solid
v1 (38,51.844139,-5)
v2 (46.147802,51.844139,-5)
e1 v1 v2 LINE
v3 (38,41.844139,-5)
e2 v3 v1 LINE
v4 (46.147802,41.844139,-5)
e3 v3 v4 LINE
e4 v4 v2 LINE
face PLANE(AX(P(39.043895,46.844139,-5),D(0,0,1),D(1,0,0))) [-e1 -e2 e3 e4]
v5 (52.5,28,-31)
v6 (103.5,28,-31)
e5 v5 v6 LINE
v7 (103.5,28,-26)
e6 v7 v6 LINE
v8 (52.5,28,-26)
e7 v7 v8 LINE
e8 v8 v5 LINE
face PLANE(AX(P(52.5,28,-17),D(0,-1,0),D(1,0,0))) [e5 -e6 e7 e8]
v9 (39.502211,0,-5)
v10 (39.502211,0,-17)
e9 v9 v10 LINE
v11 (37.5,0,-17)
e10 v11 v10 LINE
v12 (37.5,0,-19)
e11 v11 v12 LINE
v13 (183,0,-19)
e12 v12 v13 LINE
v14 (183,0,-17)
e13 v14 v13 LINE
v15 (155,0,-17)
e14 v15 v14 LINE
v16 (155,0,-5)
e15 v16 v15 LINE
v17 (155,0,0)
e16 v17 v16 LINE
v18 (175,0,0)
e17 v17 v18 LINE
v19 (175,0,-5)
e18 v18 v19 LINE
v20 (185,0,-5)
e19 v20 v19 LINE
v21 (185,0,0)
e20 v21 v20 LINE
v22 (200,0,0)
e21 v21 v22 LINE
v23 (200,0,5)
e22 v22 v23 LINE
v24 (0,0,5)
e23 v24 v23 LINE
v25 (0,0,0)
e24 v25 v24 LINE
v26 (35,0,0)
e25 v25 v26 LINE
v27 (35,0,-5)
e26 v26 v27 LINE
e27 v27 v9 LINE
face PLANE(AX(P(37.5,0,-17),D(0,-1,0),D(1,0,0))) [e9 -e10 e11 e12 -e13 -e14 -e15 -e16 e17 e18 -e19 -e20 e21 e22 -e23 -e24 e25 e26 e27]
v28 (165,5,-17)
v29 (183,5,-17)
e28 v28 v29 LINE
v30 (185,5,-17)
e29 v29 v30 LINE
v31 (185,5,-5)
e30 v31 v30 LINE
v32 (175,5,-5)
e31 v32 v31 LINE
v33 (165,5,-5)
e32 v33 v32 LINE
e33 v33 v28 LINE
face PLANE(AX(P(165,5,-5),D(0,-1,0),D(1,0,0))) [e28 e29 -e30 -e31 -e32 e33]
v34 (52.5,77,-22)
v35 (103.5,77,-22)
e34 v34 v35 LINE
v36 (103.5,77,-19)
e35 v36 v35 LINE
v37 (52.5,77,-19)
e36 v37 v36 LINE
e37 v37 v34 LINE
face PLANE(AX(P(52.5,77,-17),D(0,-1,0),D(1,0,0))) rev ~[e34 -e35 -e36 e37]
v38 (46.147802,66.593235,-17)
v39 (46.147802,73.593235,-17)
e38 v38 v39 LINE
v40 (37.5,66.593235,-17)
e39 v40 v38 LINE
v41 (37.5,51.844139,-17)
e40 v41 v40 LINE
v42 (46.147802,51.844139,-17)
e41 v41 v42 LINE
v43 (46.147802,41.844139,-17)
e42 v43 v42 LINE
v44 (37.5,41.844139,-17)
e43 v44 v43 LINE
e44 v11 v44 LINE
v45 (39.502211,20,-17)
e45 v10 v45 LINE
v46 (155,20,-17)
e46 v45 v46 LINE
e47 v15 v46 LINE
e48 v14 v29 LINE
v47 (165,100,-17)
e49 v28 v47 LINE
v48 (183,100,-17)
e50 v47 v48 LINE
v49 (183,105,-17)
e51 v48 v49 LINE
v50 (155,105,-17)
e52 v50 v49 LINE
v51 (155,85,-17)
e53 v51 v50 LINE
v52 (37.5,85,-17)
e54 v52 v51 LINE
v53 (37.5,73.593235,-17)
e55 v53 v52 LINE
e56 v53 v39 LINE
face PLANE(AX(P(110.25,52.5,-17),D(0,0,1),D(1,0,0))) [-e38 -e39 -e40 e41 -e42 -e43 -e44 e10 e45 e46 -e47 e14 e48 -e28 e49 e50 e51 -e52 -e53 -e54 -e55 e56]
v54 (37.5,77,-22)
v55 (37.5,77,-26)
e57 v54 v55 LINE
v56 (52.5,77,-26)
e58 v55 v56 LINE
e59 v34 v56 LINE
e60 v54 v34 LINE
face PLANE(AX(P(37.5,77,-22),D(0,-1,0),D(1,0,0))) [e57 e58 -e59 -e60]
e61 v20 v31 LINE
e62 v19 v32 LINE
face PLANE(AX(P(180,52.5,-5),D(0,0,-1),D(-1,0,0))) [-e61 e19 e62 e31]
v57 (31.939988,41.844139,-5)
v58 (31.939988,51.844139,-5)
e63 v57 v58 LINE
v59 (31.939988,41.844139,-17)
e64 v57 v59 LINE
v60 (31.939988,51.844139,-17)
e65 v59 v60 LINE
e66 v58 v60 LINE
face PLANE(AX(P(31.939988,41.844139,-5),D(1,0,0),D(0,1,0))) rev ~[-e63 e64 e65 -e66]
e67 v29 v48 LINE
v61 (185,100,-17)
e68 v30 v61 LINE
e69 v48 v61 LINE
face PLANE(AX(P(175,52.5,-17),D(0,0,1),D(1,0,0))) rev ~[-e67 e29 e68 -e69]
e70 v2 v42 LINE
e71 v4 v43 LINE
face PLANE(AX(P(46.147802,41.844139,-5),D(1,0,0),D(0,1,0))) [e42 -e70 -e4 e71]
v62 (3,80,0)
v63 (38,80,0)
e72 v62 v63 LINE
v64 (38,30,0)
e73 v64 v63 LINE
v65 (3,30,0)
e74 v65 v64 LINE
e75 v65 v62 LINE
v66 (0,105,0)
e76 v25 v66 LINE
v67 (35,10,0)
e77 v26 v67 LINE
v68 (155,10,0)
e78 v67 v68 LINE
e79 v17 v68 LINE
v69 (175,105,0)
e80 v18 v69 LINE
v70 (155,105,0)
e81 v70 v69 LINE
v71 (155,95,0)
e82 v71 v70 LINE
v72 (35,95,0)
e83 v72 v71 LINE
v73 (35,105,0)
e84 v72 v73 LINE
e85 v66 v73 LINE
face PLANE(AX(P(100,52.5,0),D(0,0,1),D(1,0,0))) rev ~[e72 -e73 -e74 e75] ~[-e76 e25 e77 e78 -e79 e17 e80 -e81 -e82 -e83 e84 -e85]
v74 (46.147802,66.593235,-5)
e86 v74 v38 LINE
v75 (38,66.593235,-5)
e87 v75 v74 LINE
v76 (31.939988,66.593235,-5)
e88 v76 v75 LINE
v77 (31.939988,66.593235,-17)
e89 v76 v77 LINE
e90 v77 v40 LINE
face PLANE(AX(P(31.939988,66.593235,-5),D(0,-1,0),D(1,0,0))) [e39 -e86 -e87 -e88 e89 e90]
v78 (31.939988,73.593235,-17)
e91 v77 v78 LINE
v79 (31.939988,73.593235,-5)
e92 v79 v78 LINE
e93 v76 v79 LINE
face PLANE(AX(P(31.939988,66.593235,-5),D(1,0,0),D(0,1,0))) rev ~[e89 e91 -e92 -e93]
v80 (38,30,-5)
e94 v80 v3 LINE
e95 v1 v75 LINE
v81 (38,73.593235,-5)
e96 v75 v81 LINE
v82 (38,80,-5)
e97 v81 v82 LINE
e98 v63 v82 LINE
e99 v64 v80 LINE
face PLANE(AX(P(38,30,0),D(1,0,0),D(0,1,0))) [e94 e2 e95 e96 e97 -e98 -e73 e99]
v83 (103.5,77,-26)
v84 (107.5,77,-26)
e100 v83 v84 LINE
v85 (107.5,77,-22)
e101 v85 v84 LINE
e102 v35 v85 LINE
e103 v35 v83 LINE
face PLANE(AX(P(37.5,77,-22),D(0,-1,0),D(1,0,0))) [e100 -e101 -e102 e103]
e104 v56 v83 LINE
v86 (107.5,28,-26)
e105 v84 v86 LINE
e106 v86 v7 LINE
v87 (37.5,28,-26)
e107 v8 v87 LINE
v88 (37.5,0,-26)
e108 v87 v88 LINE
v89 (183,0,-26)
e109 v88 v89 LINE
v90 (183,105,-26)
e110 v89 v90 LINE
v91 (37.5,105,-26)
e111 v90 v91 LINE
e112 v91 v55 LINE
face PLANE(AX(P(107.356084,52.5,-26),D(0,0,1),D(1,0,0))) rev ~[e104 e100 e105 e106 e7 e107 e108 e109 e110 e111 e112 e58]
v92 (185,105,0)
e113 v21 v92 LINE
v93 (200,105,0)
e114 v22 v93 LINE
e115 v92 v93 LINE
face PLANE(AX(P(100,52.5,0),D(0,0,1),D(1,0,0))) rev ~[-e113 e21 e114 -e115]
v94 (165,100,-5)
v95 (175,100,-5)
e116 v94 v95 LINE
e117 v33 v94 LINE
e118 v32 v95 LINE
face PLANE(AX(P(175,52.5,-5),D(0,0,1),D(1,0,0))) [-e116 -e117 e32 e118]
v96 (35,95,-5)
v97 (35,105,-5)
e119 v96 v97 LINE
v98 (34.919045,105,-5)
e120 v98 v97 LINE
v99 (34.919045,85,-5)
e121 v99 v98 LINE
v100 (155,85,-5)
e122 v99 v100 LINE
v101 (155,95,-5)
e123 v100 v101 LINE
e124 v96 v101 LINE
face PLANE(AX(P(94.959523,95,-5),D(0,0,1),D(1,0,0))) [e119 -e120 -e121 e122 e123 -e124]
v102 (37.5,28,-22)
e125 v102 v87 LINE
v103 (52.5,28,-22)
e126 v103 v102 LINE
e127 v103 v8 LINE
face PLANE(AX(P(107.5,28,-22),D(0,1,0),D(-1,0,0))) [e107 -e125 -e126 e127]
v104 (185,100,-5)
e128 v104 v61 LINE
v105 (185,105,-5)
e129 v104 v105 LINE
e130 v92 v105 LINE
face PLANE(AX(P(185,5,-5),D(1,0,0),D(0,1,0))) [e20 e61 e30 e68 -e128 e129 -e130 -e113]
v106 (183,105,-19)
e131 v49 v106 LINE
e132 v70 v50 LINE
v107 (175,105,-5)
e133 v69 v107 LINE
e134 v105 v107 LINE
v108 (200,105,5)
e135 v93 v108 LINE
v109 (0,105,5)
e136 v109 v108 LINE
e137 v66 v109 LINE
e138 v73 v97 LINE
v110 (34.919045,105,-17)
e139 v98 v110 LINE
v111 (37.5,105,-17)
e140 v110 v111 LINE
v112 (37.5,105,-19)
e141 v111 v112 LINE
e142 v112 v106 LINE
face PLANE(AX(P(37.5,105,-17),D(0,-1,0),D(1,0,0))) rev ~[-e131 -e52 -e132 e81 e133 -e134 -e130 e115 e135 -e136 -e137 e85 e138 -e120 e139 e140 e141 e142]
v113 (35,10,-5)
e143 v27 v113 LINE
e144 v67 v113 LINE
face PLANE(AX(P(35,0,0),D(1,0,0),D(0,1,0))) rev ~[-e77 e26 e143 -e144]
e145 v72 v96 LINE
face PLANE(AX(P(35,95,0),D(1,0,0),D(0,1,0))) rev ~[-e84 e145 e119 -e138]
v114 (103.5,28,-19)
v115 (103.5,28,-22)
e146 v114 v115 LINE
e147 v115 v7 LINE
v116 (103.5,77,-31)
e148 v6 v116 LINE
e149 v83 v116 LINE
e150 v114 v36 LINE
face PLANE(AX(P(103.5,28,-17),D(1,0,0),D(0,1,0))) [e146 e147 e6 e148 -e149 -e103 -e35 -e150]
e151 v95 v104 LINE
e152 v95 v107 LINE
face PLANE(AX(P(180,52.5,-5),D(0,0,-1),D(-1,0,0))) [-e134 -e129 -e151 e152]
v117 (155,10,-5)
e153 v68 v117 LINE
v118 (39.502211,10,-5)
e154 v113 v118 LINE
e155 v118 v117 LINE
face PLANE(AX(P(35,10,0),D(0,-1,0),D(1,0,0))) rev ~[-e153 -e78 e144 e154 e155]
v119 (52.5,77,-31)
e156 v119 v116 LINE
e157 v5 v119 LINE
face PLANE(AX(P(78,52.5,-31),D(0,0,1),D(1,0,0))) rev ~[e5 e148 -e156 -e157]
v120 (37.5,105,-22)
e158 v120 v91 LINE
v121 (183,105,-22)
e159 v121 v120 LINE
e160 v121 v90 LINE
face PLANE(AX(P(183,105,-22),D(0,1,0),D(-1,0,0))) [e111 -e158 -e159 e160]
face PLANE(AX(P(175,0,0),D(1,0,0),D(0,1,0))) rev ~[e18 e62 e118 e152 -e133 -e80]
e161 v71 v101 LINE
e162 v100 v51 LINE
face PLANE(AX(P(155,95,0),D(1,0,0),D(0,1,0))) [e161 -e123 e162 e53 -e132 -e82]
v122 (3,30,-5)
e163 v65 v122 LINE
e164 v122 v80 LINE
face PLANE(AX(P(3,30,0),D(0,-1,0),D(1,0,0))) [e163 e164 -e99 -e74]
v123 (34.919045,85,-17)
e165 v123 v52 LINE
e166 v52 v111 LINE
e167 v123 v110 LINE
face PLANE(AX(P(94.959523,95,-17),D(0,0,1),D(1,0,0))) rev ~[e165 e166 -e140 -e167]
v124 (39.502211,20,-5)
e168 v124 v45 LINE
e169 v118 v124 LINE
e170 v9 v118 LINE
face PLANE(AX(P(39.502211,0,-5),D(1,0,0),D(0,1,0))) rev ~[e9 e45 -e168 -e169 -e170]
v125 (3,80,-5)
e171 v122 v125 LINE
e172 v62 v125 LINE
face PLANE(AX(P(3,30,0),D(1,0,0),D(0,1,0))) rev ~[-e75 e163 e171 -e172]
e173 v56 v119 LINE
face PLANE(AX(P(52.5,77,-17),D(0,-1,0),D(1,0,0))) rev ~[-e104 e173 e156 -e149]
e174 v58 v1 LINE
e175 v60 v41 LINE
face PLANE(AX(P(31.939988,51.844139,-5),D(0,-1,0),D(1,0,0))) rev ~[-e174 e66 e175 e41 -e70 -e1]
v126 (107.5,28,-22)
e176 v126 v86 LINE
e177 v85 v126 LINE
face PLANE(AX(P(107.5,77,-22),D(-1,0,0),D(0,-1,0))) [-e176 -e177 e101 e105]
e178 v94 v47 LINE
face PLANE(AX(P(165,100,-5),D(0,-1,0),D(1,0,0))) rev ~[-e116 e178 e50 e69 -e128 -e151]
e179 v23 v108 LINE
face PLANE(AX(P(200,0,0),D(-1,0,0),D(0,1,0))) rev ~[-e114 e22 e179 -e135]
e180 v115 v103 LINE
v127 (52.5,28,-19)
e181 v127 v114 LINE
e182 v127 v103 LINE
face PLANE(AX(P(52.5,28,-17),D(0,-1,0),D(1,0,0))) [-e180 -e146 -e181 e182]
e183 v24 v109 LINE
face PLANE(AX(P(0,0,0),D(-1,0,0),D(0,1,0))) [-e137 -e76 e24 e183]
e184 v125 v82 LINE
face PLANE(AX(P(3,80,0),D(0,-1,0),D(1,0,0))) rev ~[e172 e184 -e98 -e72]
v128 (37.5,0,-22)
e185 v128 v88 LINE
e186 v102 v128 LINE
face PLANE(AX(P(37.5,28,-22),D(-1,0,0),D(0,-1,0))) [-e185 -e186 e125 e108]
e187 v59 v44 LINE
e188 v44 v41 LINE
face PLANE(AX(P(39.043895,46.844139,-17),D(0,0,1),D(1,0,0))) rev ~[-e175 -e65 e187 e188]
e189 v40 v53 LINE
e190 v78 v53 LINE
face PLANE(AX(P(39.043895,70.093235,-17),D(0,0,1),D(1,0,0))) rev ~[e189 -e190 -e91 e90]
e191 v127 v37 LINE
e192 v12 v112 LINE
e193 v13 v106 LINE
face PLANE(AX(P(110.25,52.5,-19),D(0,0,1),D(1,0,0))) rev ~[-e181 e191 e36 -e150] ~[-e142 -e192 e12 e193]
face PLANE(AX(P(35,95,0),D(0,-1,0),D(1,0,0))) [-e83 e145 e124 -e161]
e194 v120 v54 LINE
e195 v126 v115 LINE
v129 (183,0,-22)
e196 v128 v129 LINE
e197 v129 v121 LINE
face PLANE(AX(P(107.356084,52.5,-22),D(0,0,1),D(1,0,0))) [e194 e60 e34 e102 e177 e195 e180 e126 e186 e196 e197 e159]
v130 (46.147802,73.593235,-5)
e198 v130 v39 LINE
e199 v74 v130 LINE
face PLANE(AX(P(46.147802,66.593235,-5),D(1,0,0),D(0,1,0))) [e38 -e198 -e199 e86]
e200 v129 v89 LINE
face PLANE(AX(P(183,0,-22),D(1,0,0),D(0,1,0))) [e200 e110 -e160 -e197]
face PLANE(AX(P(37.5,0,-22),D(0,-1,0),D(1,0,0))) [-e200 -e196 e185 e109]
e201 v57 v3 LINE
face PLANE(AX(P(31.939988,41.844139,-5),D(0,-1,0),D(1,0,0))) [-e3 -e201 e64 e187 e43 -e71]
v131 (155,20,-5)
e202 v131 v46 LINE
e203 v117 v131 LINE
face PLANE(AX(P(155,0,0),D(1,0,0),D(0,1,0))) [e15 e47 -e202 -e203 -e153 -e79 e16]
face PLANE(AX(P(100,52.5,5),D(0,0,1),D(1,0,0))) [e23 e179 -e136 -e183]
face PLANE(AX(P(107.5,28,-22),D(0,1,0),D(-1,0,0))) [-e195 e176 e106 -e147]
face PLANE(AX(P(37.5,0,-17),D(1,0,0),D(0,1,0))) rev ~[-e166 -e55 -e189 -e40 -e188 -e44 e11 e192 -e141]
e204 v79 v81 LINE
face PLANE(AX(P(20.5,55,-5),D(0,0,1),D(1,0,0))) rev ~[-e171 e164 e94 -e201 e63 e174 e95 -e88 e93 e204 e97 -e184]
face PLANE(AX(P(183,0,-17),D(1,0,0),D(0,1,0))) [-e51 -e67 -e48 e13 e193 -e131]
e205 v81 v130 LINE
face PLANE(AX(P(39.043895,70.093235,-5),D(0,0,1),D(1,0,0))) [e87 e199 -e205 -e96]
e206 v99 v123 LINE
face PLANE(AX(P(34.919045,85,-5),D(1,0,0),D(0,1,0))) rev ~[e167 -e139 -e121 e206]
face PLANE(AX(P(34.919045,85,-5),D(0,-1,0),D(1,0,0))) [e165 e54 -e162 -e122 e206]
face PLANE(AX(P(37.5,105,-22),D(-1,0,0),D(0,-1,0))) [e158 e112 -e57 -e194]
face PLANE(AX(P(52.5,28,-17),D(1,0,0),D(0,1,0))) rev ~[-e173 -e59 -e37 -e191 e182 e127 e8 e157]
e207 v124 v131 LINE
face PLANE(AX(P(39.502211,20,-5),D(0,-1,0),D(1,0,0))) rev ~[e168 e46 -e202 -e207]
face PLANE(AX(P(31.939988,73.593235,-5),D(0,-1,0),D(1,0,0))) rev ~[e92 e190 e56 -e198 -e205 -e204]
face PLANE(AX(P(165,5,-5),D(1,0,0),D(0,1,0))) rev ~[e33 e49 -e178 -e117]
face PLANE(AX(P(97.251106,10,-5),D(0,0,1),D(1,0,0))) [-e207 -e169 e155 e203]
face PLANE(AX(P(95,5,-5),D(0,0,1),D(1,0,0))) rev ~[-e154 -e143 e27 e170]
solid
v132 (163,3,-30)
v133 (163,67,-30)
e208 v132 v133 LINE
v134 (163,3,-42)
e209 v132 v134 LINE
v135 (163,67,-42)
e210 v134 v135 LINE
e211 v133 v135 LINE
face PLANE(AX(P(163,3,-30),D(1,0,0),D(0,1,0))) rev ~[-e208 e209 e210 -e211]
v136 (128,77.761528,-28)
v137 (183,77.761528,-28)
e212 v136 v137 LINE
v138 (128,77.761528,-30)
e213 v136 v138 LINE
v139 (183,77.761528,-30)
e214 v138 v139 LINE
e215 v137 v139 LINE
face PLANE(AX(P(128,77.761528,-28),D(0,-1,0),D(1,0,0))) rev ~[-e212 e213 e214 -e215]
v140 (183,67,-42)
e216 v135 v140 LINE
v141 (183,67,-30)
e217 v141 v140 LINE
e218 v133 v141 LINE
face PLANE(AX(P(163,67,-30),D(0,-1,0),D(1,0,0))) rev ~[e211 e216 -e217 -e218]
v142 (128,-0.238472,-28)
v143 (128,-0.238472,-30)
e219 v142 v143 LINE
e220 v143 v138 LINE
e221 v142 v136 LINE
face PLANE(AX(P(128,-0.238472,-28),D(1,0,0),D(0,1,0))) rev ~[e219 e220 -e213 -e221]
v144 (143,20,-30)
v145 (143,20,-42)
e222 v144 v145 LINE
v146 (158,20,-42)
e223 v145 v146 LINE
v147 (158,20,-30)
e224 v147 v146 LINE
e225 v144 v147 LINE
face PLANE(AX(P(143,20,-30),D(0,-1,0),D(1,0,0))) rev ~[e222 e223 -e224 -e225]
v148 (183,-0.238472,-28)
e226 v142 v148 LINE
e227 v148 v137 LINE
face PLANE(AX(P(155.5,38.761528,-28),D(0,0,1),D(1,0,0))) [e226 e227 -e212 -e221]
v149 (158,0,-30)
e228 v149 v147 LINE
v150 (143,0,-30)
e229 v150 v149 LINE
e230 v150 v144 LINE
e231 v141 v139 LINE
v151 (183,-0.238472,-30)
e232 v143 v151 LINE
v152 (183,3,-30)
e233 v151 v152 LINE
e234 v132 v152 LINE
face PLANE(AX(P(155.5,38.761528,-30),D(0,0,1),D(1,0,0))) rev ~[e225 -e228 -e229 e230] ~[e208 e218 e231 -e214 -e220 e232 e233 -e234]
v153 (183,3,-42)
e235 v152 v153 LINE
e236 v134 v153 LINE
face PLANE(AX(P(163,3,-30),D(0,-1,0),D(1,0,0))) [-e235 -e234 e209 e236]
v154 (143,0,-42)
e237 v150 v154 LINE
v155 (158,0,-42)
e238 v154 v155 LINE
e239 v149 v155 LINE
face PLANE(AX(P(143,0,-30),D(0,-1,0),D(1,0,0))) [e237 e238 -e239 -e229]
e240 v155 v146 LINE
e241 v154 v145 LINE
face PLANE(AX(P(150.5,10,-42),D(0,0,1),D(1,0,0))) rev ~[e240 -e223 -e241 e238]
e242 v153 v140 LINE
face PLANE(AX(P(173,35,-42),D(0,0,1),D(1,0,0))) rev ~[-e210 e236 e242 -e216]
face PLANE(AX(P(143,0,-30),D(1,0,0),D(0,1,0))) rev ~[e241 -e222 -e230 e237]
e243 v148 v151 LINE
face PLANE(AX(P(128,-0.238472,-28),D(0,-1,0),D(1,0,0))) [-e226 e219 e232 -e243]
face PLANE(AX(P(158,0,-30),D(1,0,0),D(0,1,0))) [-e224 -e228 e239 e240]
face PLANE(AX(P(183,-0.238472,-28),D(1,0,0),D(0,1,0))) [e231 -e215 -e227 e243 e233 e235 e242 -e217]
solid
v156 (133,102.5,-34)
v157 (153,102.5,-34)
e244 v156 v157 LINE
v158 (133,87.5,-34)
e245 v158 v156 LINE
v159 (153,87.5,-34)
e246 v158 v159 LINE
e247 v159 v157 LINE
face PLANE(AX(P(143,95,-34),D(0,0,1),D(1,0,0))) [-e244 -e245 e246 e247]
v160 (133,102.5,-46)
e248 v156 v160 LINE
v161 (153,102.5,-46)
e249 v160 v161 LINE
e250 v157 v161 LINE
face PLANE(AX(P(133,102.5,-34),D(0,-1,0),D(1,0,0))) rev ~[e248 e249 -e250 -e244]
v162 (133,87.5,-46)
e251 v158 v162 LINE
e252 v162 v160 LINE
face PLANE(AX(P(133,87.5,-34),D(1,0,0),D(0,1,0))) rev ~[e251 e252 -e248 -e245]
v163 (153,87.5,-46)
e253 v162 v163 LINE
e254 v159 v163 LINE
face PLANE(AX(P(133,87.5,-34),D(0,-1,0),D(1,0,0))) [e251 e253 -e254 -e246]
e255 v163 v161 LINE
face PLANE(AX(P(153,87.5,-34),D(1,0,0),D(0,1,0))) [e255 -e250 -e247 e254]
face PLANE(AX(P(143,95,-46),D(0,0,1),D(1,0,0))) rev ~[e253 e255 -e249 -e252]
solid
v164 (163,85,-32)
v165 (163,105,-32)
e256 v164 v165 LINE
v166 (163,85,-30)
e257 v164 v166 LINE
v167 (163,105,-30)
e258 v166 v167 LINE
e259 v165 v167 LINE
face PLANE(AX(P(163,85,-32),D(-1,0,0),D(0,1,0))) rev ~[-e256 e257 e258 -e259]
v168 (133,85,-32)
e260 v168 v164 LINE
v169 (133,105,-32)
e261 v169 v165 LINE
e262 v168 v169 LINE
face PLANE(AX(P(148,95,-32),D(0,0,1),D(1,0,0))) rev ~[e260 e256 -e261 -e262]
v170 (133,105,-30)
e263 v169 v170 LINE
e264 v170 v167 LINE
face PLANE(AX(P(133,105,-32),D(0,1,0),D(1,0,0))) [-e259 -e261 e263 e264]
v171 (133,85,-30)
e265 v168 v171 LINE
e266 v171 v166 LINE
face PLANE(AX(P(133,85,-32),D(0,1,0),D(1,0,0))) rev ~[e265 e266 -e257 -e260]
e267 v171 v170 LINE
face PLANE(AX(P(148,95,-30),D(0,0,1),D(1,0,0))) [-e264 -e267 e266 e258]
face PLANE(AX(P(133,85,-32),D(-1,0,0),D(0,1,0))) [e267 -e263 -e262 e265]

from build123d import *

# Parameters (mm, degrees)
SKETCH2_W            = 200
SKETCH2_H            = 105
BOSS_EXTRUDE1_DEPTH  = 5
SKETCH3_W            = 10
SKETCH3_H            = 105
BOSS_EXTRUDE2_DEPTH  = 5
SKETCH4_W            = 120
SKETCH4_H            = 10
BOSS_EXTRUDE3_DEPTH  = 5
SKETCH5_W            = 35
SKETCH5_H            = 50
BOSS_EXTRUDE4_DEPTH  = 5
SKETCH7_W            = 20
SKETCH7_H            = 95
SKETCH7_W_2          = 115.497788715
SKETCH7_H_2          = 20
SKETCH7_W_3          = 120.080954526
SKETCH7_W_4          = 14.207814016
SKETCH7_H_3          = 7
SKETCH7_H_4          = 10
BOSS_EXTRUDE5_DEPTH  = 12
SKETCH8_W            = 145.5
SKETCH8_H            = 105
BOSS_EXTRUDE6_DEPTH  = 2
BOSS_EXTRUDE7_DEPTH  = 4
SKETCH10_W           = 51
SKETCH10_H           = 49
BOSS_EXTRUDE8_DEPTH  = 14
SKETCH11_W           = 55
SKETCH11_H           = 78
BOSS_EXTRUDE9_DEPTH  = 2
SKETCH12_W           = 20
SKETCH12_H           = 64
SKETCH12_W_2         = 15
SKETCH12_H_2         = 20
BOSS_EXTRUDE10_DEPTH = 12
SKETCH13_W           = 30
SKETCH13_H           = 20
BOSS_EXTRUDE11_DEPTH = 2
SKETCH14_W           = 20
SKETCH14_H           = 15
BOSS_EXTRUDE12_DEPTH = 12


with BuildPart() as part:
    # Sketch2 → Boss-Extrude1 (new body)
    with BuildSketch(Plane.XY):
        with Locations((100, 52.5)):
            Rectangle(SKETCH2_W, SKETCH2_H)
    extrude(amount=BOSS_EXTRUDE1_DEPTH)

    # Sketch3 → Boss-Extrude2 (add)
    with BuildSketch(Plane(origin=(0, 0, 0), x_dir=(-1, 0, 0), z_dir=(0, 0, -1))):
        with Locations((-180, 52.5)):
            Rectangle(SKETCH3_W, SKETCH3_H)
    extrude(amount=BOSS_EXTRUDE2_DEPTH)

    # Sketch4 → Boss-Extrude3 (add)
    with BuildSketch(Plane.XY):
        with Locations((95, 5)):
            Rectangle(SKETCH4_W, SKETCH4_H)
        with Locations((95, 100)):
            Rectangle(SKETCH4_W, SKETCH4_H)
    extrude(amount=-BOSS_EXTRUDE3_DEPTH)

    # Sketch5 → Boss-Extrude4 (add)
    with BuildSketch(Plane.XY):
        with Locations((20.5, 55)):
            Rectangle(SKETCH5_W, SKETCH5_H)
    extrude(amount=-BOSS_EXTRUDE4_DEPTH)

    # Sketch7 → Boss-Extrude5 (add)
    with BuildSketch(Plane.XY.offset(-5)):
        with Locations((175, 52.5)):
            Rectangle(SKETCH7_W, SKETCH7_H)
        with Locations((97.251105642, 10)):
            Rectangle(SKETCH7_W_2, SKETCH7_H_2)
        with Locations((94.959522737, 95)):
            Rectangle(SKETCH7_W_3, SKETCH7_H_2)
        with Locations((39.043894704, 70.093234871)):
            Rectangle(SKETCH7_W_4, SKETCH7_H_3)
        with Locations((39.043894704, 46.844139488)):
            Rectangle(SKETCH7_W_4, SKETCH7_H_4)
    extrude(amount=-BOSS_EXTRUDE5_DEPTH)

    # Sketch8 → Boss-Extrude6 (add)
    with BuildSketch(Plane.XY.offset(-17)):
        with Locations((110.25, 52.5)):
            Rectangle(SKETCH8_W, SKETCH8_H)
    extrude(amount=-BOSS_EXTRUDE6_DEPTH)



with BuildPart() as body_2:
    # Sketch9 → Boss-Extrude7 (new body)
    with BuildSketch(Plane.XY.offset(-22)):
        Polygon((37.5, 0), (183, 0), (183, 105), (37.5, 105), (37.5, 77), (107.5, 77), (107.5, 28), (37.5, 28), align=None)
    extrude(amount=-BOSS_EXTRUDE7_DEPTH)


with BuildPart() as part_1:
    add(part.part)

    add(body_2.part)  # Boss-Extrude8 merges body 2
    # Sketch10 → Boss-Extrude8 (add)
    with BuildSketch(Plane.XY.offset(-17)):
        with Locations((78, 52.5)):
            Rectangle(SKETCH10_W, SKETCH10_H)
    extrude(amount=-BOSS_EXTRUDE8_DEPTH)


with BuildPart() as body_2_2:
    # Sketch11 → Boss-Extrude9 (new body)
    with BuildSketch(Plane.XY.offset(-28)):
        with Locations((155.5, 38.761527983)):
            Rectangle(SKETCH11_W, SKETCH11_H)
    extrude(amount=-BOSS_EXTRUDE9_DEPTH)

    # Sketch12 → Boss-Extrude10 (add)
    with BuildSketch(Plane.XY.offset(-30)):
        with Locations((173, 35)):
            Rectangle(SKETCH12_W, SKETCH12_H)
        with Locations((150.5, 10)):
            Rectangle(SKETCH12_W_2, SKETCH12_H_2)
    extrude(amount=-BOSS_EXTRUDE10_DEPTH)


with BuildPart() as body_3:
    # Sketch13 → Boss-Extrude11 (new body)
    with BuildSketch(Plane.XY.offset(-32)):
        with Locations((148, 95)):
            Rectangle(SKETCH13_W, SKETCH13_H)
    extrude(amount=BOSS_EXTRUDE11_DEPTH)


with BuildPart() as body_4:
    # Sketch14 → Boss-Extrude12 (new body)
    with BuildSketch(Plane.XY.offset(-34)):
        with Locations((143, 95)):
            Rectangle(SKETCH14_W, SKETCH14_H)
    extrude(amount=-BOSS_EXTRUDE12_DEPTH)


solid = Compound([part_1.part, body_2_2.part, body_3.part, body_4.part])
